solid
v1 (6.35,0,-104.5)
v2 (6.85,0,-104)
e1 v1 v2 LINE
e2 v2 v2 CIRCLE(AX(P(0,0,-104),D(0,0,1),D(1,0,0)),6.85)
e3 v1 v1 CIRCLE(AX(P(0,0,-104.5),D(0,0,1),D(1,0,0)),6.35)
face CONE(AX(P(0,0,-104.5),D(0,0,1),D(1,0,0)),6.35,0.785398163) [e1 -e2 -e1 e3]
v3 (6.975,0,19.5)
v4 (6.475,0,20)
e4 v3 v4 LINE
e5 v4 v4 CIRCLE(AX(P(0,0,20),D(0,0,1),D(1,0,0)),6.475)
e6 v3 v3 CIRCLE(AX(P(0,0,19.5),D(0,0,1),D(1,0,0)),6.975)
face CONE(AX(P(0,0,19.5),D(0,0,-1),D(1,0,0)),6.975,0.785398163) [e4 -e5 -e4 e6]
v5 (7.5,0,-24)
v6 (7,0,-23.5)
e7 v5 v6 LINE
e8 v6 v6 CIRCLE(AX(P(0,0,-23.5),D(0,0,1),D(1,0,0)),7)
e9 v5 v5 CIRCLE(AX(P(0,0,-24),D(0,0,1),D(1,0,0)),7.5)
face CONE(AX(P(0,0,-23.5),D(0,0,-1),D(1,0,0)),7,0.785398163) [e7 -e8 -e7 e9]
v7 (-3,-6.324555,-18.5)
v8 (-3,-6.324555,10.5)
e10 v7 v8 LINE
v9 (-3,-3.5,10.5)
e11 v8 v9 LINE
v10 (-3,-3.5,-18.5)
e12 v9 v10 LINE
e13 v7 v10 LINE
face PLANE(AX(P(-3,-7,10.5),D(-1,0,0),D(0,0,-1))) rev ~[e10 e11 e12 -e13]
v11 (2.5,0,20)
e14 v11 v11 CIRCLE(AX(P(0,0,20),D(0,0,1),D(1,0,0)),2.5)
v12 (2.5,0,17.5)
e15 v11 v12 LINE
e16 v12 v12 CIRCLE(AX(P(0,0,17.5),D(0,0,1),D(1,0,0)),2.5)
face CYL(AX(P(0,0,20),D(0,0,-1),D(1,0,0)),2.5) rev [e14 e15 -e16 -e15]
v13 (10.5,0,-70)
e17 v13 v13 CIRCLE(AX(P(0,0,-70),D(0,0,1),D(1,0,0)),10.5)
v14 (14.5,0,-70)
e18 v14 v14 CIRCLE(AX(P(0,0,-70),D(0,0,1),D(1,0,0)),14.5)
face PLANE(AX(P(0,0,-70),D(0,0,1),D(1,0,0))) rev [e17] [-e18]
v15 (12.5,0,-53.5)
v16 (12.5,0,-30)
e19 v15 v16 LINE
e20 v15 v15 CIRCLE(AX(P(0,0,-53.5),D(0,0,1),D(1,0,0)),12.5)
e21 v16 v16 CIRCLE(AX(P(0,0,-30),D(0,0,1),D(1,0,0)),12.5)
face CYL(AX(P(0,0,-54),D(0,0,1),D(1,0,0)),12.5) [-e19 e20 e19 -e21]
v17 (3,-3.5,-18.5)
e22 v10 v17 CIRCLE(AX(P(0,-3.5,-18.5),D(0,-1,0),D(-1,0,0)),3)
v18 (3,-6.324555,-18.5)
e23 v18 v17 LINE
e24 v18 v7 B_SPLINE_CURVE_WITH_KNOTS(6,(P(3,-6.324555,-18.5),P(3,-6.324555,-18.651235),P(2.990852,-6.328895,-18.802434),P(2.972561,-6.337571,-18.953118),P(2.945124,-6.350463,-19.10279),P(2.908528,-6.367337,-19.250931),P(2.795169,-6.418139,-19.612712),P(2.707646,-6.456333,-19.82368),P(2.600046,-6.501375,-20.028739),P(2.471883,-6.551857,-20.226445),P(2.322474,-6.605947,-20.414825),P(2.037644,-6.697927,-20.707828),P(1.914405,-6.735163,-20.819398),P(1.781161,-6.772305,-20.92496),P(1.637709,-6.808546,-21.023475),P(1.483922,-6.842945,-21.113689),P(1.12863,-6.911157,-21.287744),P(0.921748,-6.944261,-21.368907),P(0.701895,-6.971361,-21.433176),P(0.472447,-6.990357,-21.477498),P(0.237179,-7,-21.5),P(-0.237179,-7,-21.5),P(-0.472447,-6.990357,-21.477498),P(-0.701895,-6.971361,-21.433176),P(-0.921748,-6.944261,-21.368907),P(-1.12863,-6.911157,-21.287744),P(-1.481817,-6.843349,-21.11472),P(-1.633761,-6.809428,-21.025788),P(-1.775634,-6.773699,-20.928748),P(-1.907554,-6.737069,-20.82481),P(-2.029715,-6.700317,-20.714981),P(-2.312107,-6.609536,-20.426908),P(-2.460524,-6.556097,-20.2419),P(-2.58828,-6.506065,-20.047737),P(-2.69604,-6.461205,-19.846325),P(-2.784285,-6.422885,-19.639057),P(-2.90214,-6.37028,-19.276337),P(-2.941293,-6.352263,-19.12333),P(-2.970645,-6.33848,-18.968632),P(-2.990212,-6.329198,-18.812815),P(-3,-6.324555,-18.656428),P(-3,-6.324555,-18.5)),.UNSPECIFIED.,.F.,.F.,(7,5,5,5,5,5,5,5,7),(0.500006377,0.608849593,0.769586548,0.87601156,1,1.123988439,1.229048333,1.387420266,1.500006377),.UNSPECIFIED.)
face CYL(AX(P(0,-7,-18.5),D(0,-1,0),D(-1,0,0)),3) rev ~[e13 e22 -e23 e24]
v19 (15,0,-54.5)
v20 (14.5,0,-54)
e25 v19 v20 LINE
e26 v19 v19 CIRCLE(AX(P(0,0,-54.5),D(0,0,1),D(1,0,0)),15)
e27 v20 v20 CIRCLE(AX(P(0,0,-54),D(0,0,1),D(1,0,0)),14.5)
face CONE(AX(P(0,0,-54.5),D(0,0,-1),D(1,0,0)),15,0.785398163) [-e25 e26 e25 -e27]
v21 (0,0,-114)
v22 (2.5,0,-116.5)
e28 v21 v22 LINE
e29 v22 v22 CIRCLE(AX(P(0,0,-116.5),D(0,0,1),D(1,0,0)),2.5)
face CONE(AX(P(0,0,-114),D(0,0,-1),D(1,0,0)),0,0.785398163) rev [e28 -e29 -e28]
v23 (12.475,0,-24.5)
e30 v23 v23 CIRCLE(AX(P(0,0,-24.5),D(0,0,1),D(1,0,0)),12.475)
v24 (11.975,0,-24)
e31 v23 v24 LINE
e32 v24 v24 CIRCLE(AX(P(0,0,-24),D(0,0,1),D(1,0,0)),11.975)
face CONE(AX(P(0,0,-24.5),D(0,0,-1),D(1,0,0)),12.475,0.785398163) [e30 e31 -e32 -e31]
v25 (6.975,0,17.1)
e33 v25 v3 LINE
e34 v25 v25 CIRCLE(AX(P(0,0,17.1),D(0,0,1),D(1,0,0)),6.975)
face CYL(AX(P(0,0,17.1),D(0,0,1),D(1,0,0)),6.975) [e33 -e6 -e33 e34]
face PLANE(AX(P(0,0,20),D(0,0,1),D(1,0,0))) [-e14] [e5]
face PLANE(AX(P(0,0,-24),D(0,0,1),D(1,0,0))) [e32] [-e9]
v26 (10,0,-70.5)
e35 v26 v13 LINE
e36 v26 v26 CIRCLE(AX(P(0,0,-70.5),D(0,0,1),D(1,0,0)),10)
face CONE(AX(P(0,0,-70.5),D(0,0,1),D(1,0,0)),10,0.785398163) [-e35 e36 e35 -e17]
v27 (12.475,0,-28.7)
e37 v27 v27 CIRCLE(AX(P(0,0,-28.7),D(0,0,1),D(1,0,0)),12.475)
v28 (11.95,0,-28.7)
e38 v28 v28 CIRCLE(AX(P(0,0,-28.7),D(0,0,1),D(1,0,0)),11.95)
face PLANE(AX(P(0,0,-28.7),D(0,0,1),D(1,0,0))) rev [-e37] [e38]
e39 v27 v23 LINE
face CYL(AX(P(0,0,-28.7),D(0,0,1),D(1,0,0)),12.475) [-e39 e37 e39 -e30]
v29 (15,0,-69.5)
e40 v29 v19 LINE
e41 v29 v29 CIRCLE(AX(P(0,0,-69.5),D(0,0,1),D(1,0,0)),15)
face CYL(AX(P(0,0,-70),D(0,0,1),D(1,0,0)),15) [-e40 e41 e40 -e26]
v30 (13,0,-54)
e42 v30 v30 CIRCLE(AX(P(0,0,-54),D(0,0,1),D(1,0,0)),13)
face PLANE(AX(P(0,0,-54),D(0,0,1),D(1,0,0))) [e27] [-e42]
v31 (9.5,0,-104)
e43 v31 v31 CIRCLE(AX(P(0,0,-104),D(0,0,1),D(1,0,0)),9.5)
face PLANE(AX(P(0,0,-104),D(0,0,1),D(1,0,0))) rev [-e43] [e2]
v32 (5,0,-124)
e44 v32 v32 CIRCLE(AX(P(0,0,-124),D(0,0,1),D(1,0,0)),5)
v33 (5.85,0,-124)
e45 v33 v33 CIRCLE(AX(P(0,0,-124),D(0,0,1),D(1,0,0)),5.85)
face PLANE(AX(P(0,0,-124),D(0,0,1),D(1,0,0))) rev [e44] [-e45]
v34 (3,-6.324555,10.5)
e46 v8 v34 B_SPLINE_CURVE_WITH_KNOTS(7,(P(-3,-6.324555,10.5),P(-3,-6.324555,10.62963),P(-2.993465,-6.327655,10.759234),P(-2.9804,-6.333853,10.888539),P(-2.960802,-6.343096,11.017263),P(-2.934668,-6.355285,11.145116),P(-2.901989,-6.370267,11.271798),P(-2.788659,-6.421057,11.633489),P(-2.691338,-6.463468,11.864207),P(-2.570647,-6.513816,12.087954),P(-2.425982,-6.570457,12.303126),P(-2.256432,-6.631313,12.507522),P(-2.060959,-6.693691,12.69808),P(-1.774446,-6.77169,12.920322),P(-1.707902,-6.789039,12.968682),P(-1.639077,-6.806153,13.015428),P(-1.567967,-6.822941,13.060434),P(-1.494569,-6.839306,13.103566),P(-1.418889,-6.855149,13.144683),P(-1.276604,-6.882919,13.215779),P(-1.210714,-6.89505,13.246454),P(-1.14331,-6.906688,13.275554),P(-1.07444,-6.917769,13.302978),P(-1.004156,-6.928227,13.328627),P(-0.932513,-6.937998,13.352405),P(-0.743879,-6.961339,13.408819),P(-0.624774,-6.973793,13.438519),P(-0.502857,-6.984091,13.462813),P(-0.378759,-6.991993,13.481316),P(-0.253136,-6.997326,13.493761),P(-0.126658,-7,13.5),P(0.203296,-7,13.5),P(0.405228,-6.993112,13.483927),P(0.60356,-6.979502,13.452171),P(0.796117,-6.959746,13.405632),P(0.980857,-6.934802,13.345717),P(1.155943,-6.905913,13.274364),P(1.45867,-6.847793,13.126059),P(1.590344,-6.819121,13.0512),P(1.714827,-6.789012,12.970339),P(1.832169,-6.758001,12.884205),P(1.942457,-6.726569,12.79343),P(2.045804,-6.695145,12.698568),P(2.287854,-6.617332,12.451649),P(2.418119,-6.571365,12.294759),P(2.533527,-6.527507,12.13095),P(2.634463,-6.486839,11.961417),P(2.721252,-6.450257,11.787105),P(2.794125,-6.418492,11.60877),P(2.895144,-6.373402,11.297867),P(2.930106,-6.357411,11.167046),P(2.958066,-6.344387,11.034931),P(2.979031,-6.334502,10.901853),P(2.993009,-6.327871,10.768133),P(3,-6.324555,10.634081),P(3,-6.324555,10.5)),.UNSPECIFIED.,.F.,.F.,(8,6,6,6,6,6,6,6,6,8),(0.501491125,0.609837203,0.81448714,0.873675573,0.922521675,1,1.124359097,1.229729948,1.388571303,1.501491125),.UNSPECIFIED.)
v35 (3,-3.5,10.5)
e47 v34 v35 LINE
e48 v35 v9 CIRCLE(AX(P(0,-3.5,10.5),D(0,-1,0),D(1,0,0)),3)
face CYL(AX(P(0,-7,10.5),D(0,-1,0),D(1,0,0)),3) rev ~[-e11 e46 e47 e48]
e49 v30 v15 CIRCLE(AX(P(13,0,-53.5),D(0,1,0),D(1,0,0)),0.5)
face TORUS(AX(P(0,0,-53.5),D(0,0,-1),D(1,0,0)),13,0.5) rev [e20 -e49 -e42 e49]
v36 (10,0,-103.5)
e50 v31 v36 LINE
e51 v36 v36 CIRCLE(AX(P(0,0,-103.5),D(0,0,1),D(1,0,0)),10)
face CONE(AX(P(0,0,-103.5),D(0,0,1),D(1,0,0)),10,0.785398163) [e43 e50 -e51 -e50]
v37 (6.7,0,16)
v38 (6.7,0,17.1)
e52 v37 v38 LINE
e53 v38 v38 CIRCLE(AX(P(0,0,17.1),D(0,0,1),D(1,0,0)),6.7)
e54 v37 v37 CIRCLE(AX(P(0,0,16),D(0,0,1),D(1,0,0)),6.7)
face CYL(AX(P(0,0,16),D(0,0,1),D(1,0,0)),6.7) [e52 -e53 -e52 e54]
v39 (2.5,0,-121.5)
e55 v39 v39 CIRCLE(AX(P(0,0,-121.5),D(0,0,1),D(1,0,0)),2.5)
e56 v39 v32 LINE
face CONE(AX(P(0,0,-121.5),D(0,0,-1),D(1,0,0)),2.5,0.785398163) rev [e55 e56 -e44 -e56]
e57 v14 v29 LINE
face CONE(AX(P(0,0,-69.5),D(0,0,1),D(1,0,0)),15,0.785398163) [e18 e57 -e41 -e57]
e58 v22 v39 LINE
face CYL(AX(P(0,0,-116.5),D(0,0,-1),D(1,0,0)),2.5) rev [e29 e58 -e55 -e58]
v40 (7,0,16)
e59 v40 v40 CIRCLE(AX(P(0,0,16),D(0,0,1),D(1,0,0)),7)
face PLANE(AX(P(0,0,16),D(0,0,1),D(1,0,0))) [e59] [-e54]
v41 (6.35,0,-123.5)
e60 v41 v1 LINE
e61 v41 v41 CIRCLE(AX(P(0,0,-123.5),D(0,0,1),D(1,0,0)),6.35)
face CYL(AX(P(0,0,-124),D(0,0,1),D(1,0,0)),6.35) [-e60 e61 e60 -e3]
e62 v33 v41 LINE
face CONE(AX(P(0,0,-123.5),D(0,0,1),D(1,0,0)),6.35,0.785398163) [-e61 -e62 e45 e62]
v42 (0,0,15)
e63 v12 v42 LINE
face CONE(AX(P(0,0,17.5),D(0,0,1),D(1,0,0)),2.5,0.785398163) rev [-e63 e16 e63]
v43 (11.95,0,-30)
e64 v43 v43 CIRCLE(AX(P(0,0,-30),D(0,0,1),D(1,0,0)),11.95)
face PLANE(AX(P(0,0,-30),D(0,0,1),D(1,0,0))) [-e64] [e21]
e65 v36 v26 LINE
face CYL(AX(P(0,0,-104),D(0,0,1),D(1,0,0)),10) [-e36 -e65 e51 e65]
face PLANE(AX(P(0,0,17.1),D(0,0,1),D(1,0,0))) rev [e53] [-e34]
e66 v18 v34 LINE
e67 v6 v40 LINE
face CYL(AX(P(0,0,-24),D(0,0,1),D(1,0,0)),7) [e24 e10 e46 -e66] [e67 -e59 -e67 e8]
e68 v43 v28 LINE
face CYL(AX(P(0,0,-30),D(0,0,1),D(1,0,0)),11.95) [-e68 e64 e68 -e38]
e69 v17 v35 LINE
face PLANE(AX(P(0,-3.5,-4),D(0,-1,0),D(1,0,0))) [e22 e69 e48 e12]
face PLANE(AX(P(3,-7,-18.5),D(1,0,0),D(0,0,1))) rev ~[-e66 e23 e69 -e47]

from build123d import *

# Parameters (mm, degrees)
F2_SIZE  = 0.5
F3_R     = 0.5
F6_DEPTH = 3.5


with BuildPart() as f1:
    # F0 (on Front) → F1 (revolve)
    with BuildSketch(Plane.XZ):
        Polygon((0, 15), (0, 0), (0, -114), (2.5, -116.5), (2.5, -121.5), (5, -124), (6.35, -124), (6.35, -104), (10, -104), (10, -70), (15, -70), (15, -54), (12.5, -54), (12.5, -30), (11.95, -30), (11.95, -28.7), (12.475, -28.7), (12.475, -24), (7, -24), (7, 16), (6.7, 16), (6.7, 17.1), (6.975, 17.1), (6.975, 20), (2.5, 20), (2.5, 17.5), align=None)
    revolve(axis=Axis((0, 0, 55.465363), (0, 0, 1)))

    # F2
    f2_edges = [f1.edges().sort_by_distance(p)[0] for p in [
        (-6.975, 0, 20),
        (-12.475, 0, -24),
        (-7, 0, -24),
        (-6.35, 0, -104),
        (-10, 0, -104),
        (-6.35, 0, -124),
        (-15, 0, -54),
        (-10, 0, -70),
        (-15, 0, -70),
    ]]
    chamfer(f2_edges, length=F2_SIZE)

    # F3
    f3_edges = [f1.edges().sort_by_distance(p)[0] for p in [
        (-12.5, 0, -54),
    ]]
    fillet(f3_edges, radius=F3_R)

    # F5 (on offset) → F6 (cut)
    with BuildSketch(Plane.XZ.offset(7)):
        with BuildLine():
            Line((3, -18.5), (3, 10.5))
            ThreePointArc((3, 10.5), (0, 13.5), (-3, 10.5))
            Line((-3, 10.5), (-3, -18.5))
            ThreePointArc((-3, -18.5), (0, -21.5), (3, -18.5))
        make_face()
    extrude(amount=-F6_DEPTH, mode=Mode.SUBTRACT)


solid = f1.part
